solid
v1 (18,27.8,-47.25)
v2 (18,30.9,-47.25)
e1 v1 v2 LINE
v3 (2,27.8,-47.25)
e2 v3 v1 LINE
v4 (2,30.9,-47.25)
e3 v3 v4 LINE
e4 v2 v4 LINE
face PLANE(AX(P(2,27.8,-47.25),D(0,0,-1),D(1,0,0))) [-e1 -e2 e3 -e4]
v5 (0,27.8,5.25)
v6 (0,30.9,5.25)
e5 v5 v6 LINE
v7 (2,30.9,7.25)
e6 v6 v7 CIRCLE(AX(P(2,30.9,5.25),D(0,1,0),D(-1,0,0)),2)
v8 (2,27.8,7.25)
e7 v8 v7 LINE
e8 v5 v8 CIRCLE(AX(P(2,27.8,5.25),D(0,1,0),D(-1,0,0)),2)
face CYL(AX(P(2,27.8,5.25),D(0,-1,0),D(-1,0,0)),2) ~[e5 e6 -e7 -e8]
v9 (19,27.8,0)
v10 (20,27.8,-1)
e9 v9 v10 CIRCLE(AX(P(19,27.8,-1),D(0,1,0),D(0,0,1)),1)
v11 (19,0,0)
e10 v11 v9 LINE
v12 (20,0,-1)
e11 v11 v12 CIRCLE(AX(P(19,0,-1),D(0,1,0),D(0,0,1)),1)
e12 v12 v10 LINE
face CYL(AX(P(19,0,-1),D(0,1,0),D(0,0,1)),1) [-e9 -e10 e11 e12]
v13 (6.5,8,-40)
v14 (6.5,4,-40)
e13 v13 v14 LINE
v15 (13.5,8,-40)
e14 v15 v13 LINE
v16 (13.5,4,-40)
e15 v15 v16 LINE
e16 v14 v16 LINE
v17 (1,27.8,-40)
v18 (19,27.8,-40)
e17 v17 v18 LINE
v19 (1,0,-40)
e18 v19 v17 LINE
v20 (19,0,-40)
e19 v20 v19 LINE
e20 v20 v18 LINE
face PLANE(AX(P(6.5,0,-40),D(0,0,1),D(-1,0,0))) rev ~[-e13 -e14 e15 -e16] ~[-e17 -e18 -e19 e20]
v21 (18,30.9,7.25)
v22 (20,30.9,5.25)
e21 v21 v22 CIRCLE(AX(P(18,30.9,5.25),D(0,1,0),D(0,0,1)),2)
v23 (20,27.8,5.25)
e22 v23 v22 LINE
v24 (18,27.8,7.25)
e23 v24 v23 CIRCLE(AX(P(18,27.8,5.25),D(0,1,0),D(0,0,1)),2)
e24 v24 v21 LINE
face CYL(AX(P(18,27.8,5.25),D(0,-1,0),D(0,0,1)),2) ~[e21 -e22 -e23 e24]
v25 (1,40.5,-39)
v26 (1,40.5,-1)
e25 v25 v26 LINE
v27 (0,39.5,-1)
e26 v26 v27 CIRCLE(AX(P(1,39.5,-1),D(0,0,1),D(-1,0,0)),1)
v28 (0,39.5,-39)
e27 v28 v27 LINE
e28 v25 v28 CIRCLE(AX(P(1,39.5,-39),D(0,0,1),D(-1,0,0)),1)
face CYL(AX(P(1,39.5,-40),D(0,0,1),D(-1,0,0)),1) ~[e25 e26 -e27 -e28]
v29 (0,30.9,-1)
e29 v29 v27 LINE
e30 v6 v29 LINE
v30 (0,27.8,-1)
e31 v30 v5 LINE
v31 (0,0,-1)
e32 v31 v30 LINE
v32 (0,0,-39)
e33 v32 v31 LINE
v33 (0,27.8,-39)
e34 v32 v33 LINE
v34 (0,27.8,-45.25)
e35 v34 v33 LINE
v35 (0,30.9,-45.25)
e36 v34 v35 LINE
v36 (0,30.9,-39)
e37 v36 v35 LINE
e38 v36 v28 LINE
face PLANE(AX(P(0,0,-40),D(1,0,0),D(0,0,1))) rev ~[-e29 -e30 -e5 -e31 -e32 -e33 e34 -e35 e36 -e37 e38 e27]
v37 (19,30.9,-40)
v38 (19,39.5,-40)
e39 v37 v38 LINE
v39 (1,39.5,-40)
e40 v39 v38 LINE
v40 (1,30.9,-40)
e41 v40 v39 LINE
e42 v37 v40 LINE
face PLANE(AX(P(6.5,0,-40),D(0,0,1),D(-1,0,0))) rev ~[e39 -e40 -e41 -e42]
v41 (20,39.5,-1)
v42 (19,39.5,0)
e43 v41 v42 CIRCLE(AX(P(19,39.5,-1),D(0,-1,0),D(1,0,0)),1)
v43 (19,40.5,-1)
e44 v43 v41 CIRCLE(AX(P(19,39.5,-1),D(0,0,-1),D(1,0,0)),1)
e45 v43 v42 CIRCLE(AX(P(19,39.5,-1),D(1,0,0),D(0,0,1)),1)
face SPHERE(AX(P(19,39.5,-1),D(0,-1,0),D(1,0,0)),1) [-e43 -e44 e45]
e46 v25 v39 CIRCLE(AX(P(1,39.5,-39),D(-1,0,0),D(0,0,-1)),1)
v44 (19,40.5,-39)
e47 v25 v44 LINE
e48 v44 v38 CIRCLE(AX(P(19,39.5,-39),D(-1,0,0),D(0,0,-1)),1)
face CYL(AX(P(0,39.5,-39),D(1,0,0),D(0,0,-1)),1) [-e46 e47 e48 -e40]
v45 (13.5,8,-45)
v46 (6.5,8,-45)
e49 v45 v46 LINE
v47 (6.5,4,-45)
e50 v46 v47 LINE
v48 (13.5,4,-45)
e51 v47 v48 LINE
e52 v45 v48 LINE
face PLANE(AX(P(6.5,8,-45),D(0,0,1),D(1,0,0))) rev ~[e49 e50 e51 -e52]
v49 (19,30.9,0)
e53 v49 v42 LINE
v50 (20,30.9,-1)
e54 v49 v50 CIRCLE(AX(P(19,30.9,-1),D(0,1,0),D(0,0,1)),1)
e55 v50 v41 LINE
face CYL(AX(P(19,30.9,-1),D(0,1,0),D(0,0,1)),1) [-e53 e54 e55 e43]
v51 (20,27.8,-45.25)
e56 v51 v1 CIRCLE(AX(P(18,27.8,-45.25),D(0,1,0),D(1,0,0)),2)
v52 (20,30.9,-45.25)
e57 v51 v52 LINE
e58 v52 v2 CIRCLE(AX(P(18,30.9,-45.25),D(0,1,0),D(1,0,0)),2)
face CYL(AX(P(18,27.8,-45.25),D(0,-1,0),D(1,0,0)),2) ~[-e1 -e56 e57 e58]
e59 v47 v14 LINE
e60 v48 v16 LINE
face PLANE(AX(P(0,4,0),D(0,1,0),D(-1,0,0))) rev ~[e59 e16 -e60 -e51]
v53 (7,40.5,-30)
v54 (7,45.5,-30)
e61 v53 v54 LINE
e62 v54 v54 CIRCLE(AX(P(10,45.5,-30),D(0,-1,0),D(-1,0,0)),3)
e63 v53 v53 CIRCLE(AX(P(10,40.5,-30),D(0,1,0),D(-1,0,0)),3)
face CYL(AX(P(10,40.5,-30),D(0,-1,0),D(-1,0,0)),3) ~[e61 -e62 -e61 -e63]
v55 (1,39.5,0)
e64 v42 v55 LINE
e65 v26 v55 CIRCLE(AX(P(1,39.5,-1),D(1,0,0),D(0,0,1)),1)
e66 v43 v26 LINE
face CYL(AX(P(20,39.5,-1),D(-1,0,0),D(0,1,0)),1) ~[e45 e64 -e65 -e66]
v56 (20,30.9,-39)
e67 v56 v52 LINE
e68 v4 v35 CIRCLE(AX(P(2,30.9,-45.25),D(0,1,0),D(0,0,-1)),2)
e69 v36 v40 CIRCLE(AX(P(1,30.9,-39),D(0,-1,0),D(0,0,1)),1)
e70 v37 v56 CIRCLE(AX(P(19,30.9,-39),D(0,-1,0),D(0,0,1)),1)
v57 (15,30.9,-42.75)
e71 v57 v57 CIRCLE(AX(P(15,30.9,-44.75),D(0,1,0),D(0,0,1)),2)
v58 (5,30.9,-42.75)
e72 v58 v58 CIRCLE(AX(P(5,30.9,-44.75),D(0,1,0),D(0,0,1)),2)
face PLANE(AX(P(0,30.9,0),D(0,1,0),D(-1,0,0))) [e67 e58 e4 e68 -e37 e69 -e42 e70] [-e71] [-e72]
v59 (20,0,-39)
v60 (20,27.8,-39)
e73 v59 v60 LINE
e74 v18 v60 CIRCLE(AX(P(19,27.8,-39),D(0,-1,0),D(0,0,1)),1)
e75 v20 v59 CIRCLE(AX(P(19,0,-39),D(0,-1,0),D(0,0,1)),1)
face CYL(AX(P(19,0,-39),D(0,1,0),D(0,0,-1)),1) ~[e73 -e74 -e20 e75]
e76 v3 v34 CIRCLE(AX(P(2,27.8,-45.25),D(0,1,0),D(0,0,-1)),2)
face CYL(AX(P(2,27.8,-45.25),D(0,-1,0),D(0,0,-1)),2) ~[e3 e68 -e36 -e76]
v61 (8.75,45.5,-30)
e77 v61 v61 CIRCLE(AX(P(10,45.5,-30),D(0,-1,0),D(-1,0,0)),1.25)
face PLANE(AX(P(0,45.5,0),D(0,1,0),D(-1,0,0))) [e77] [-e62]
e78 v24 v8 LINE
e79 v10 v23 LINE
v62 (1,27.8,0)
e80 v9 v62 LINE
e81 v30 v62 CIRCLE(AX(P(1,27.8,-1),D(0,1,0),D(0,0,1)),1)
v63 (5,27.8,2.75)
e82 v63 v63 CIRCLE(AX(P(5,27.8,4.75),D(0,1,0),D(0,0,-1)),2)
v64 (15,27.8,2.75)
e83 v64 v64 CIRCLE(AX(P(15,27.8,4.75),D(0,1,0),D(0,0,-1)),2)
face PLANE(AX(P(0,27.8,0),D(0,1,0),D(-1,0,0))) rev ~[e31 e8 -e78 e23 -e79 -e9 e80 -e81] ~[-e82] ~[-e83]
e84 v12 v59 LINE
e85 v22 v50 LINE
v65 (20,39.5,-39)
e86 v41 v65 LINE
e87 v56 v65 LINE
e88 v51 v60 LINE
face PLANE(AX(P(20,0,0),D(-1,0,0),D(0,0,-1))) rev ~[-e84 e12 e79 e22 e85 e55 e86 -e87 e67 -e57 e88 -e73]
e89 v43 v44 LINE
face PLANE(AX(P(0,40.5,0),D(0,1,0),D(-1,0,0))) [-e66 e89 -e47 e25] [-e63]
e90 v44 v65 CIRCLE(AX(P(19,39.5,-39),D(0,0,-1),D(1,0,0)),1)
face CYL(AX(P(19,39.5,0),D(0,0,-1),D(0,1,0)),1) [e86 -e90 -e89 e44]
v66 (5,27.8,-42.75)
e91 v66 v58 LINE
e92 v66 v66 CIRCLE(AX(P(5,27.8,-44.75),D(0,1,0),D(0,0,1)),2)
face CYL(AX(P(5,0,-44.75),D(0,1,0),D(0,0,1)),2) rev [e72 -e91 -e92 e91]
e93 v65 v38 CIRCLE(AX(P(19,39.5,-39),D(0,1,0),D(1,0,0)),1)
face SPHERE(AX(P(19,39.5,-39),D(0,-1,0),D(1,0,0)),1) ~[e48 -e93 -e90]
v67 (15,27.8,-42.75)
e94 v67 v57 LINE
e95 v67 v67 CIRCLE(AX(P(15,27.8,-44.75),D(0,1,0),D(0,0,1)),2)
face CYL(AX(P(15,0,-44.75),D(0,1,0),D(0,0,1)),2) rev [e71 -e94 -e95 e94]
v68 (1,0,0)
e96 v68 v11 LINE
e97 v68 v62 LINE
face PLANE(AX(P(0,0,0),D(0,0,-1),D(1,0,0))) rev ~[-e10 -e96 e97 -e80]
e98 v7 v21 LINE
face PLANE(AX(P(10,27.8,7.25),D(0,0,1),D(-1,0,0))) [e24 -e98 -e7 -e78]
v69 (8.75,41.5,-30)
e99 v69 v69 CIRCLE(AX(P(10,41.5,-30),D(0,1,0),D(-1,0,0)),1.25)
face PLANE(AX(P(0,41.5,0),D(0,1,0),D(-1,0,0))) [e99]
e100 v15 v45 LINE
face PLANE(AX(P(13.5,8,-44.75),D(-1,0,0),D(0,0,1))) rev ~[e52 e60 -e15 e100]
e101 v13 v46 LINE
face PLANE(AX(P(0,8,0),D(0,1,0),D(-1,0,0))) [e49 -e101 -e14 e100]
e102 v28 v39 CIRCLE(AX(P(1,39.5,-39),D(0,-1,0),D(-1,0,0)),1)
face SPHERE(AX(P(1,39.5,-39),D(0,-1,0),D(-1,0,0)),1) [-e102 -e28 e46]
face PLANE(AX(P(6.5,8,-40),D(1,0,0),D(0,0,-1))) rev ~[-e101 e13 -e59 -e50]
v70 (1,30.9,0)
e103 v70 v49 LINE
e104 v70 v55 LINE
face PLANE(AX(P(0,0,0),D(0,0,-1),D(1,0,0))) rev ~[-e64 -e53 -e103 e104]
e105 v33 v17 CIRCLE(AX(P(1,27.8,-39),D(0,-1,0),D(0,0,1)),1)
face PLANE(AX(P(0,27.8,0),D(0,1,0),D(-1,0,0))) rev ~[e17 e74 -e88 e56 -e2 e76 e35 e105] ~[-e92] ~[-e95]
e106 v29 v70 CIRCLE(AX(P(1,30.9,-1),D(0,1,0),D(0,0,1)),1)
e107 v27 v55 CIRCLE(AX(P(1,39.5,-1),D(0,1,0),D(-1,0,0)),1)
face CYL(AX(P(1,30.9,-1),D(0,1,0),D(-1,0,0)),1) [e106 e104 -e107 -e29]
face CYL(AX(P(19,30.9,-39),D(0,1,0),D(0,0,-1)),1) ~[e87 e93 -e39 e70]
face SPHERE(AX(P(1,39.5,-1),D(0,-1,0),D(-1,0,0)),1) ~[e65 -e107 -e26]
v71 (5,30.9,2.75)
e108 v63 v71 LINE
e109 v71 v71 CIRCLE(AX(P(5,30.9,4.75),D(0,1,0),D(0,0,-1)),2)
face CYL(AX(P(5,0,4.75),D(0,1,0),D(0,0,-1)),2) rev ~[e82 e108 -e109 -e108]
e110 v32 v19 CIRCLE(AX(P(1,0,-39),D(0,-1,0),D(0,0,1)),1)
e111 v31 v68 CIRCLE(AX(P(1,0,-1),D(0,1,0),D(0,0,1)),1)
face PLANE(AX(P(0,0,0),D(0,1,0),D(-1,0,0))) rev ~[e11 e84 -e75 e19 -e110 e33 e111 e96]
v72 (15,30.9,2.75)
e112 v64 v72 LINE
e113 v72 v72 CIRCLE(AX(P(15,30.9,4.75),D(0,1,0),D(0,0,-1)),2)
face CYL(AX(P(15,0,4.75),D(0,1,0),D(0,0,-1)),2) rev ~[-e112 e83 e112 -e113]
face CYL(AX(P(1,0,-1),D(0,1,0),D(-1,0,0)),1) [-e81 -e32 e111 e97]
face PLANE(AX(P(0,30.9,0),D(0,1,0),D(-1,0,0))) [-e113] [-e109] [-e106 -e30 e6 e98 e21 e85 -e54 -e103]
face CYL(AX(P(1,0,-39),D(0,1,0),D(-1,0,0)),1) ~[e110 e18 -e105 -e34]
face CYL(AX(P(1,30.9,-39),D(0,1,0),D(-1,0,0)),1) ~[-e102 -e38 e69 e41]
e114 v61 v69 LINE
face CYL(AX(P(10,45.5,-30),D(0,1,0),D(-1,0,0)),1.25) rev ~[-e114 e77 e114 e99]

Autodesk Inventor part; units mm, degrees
sketch "スケッチ1" plane through (0, 0, 0) normal (0, 1, 0) x (-1, 0, 0)
  line L0 (0, 0) -> (-20, 0)
  line L1 (-20, 0) -> (-20, -40)
  line L2 (-20, -40) -> (0, -40)
  line L3 (0, -40) -> (0, 0)
  line L4 (0, -44.75) -> (-20, -44.75)
  line L5 (-20, -44.75) -> (-20, 4.75)
  line L6 (-20, 4.75) -> (0, 4.75)
  line L7 (0, 4.75) -> (0, -44.75)
  line L8 (-2, -47.25) -> (-18, -47.25)
  line L9 (-20, -45.25) -> (-20, 5.25)
  line L10 (-18, 7.25) -> (-2, 7.25)
  line L11 (0, 5.25) -> (0, -45.25)
  line L12 (-10, -61.4419) -> (-10, 22.3426)
  arc A0 (0, 5.25) -> (-2, 7.25) centre (-2, 5.25) ccw
  arc A1 (-18, 7.25) -> (-20, 5.25) centre (-18, 5.25) ccw
  arc A2 (-20, -45.25) -> (-18, -47.25) centre (-18, -45.25) ccw
  arc A3 (-2, -47.25) -> (0, -45.25) centre (-2, -45.25) ccw
  circle A4 centre (-10, -30) radius 3
  line L13 (-6.5, -45) -> (-13.5, -45)
  line L14 (-13.5, -45) -> (-13.5, -40)
  line L15 (-13.5, -40) -> (-6.5, -40)
  line L16 (-6.5, -40) -> (-6.5, -45)
  circle A5 centre (-10, -30) radius 1.25
  point P0 (-10, -20)
  point P1 (-20, 7.25)
  point P2 (-20, -47.25)
  point P3 (0, 7.25)
  point P4 (-5, 4.75)
  point P5 (-15, 4.75)
  point P6 (-20, 4.75)
  point P7 (-6.5, 0)
  point P8 (-13.5, 0)
  dimension "d0" = 20
  dimension "d1" = 40
  dimension "d2" = 20
  dimension "d3" = 49.5
  dimension "d4" = 20
  dimension "d5" = 54.5
  dimension "d6" = 24.75
  dimension "d7" = 27.25
  dimension "d8" = 10
  dimension "d9" = 0
  dimension "d10" = 0
  dimension "d11" = 4.75
  dimension "d12" = 0
  dimension "d13" = 10
  dimension "d14" = 10
  dimension "d15" = 5
  dimension "d16" = 2
  dimension "d30" = 6
  dimension "d33" = 7
  dimension "d34" = 5
  dimension "d35" = 3.5
  dimension "d42" = 2.5
  dimension "d45" = 0
extrude "押し出し1" add sketch "スケッチ1" along normal blind 40.5 contours L3 L2 L12 A4 L0 | L12 A4 L2 L1 L0 | A4 L12 A5 | L12 A5 A4 | A5 L12 | L12 A5
ref_plane "作業平面1" through (0, 27.8, 0) normal (0, -1, 0) x (1, 0, 0)
extrude "押し出し2" add sketch "スケッチ1" along normal blind 3.1 from surface at 27.8 contours L0 L12 L6 L7 | L0 L5 L6 L12 | L7 L4 L16 L2 | L6 L12 L10 A0 L11 | L6 L9 A1 L10 L12 | L16 L4 L12 L2 | L11 A3 L8 L12 L13 L16 L4 | L2 L14 L4 L5 | L12 L4 L14 L2 | L16 L13 L12 L4 | L4 L14 L13 L12 L8 A2 L9 | L12 L13 L14 L4
hole "穴1" at (5, 0, 4.75) at (15, 0, 4.75) direction (0, 1, 0) diameter 4 end through all
ref_plane "作業平面2" through (0, 40.5, -20) normal (0, 0, 1) x (1, 0, 0)
mirror "ミラー1" about plane through (0, 40.5, -20) normal (0, 0, 1) of "穴1"
extrude "押し出し3" add sketch "スケッチ1" along normal blind 5 from surface at 40.5 contours A4 L12 A5 | L12 A5 A4 | A5 L12 | L12 A5
ref_plane "作業平面3" through (0, 8, 0) normal (0, -1, 0) x (1, 0, 0)
extrude "押し出し4" add sketch "スケッチ1" against normal blind 4 from surface at 8 contours L16 L4 L12 L2 | L12 L4 L14 L2 | L16 L13 L12 L4 | L12 L13 L14 L4
fillet "フィレット1" radius 1 12 edges at (0, 35.7, 0) (0, 13.9, 0) (20, 13.9, 0) (20, 35.7, 0) (20, 13.9, -40) (20, 35.7, -40) (0, 13.9, -40) (0, 35.7, -40) (20, 40.5, -20) (0, 40.5, -20) (10, 40.5, 0) (10, 40.5, -40)
extrude "押し出し5" cut sketch "スケッチ1" against normal blind 4 from surface at 45.5 contours A5 L12 | L12 A5
equation "\"d6\" = 0.5 * d3"
equation "\"d7\" = 0.5 * d5"
equation "\"d8\" = 0.5 * d2"
equation "\"d35\" = 0.5 * d33"
properties part number "ServoMotor(20kg・cm)"
